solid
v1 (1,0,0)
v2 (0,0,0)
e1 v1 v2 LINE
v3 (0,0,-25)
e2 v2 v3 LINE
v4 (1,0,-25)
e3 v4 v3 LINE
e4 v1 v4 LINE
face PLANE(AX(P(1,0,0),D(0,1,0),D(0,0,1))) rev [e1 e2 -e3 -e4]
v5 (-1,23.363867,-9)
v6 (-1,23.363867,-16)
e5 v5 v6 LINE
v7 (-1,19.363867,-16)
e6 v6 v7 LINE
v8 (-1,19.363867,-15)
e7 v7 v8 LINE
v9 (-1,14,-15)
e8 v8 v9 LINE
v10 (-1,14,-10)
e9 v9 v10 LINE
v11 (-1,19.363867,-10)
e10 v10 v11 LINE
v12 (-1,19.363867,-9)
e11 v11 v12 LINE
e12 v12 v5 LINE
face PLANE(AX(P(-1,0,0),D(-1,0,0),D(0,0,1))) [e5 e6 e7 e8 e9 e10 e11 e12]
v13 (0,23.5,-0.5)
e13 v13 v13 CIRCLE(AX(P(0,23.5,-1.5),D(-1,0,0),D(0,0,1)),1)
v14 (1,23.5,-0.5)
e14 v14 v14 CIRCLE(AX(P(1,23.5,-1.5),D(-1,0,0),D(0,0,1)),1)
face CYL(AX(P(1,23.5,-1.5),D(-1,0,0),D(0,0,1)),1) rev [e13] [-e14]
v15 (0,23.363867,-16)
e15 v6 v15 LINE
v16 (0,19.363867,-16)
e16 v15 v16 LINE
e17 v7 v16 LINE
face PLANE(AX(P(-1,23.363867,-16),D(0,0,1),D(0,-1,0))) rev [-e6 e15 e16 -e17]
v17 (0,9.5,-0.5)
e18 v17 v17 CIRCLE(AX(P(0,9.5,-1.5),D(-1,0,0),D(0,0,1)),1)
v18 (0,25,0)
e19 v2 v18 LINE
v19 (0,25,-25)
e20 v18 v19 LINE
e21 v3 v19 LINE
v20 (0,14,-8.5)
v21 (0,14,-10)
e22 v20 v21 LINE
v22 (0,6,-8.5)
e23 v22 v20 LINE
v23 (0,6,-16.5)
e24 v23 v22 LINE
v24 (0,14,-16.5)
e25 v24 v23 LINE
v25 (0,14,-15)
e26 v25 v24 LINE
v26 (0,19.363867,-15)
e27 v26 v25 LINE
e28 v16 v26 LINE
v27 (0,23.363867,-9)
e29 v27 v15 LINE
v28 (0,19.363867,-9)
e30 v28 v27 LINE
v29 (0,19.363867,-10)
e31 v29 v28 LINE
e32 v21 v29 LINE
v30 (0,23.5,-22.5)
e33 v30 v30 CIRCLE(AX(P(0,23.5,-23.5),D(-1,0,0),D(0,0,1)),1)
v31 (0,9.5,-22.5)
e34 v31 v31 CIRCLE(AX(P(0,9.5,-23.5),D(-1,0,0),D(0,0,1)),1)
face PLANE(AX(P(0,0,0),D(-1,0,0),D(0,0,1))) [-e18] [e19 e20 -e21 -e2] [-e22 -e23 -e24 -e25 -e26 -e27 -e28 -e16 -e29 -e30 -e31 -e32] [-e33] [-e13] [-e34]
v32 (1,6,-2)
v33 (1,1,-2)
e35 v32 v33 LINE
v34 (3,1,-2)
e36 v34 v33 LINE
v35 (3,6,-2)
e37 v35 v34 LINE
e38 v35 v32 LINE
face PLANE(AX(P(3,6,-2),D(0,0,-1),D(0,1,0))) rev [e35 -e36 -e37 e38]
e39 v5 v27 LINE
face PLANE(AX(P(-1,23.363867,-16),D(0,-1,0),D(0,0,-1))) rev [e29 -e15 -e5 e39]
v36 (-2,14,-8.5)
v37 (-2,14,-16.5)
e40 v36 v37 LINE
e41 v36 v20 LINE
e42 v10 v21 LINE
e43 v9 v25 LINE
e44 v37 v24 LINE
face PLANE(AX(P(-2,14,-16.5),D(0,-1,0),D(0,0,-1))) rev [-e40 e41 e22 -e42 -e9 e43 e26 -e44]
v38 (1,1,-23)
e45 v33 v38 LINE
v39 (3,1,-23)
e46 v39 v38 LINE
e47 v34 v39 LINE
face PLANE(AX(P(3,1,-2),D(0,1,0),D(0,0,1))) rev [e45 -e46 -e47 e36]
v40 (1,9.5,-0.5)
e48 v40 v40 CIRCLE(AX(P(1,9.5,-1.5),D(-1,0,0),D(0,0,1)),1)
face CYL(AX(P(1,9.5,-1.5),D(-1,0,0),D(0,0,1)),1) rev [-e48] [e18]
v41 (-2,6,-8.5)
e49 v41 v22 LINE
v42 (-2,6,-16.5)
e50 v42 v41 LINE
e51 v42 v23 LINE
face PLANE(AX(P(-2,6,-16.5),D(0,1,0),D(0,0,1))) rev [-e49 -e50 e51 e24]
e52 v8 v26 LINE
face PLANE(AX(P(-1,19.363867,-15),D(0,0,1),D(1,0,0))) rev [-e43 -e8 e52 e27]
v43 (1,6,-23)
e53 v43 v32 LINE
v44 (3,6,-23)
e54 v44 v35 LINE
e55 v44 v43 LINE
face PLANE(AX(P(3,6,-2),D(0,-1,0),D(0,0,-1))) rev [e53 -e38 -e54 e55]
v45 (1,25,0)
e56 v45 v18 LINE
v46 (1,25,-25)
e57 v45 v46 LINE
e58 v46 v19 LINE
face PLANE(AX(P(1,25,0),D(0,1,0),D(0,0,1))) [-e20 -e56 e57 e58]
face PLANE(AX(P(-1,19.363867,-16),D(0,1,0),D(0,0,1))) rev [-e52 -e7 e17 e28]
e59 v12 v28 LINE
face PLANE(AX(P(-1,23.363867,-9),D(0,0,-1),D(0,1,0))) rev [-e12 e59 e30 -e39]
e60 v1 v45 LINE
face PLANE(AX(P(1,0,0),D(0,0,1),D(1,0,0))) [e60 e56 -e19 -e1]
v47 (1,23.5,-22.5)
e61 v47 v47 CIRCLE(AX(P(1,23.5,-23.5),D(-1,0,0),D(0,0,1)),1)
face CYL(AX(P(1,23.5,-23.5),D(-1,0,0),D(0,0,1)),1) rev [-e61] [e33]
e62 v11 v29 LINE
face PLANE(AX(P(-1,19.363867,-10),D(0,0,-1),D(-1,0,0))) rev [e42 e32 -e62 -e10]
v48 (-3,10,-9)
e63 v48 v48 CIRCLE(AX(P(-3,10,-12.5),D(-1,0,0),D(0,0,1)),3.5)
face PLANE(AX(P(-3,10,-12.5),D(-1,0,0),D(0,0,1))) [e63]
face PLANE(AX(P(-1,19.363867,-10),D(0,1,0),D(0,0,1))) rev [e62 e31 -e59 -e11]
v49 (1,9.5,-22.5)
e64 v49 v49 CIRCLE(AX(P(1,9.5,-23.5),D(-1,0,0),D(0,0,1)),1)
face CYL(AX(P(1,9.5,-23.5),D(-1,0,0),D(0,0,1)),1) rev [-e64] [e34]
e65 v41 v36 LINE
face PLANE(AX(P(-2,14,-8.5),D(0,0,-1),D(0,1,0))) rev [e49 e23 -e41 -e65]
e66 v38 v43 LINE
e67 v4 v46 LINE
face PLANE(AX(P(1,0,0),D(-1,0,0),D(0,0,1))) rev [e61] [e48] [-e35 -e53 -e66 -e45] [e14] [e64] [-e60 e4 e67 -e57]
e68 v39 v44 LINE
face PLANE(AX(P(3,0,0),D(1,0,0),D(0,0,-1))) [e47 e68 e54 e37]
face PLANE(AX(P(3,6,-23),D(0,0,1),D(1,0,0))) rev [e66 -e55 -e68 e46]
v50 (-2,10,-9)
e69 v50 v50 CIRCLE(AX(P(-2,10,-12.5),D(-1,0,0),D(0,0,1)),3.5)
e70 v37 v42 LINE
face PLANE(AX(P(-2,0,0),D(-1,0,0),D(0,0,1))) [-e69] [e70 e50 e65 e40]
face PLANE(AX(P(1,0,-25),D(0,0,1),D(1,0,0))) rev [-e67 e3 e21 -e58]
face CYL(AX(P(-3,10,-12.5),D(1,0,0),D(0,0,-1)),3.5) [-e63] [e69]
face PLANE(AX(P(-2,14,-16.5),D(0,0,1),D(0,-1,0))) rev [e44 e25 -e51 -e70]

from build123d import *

# Parameters (mm, degrees)
SKETCH1_W           = 25
SKETCH1_H           = 25
BOSS_EXTRUDE1_DEPTH = 1
SKETCH2_W           = 21
SKETCH2_H           = 5
BOSS_EXTRUDE2_DEPTH = 2
SKETCH3_W           = 8
SKETCH3_H           = 8
BOSS_EXTRUDE3_DEPTH = 2
SKETCH5_R           = 3.5
BOSS_EXTRUDE4_DEPTH = 1
BOSS_EXTRUDE5_DEPTH = 1
SKETCH7_R           = 1
CUT_EXTRUDE1_DEPTH  = 1


with BuildPart() as part:
    # Sketch1 → Boss-Extrude1 (new body)
    with BuildSketch(Plane(origin=(0, 0, 0), x_dir=(0, 0, -1), z_dir=(1, 0, 0))):
        with Locations((12.5, 12.5)):
            Rectangle(SKETCH1_W, SKETCH1_H)
    extrude(amount=BOSS_EXTRUDE1_DEPTH)

    # Sketch2 → Boss-Extrude2 (add)
    with BuildSketch(Plane(origin=(1, 0, 0), x_dir=(0, 0, -1), z_dir=(1, 0, 0))):
        with Locations((12.5, 3.5)):
            Rectangle(SKETCH2_W, SKETCH2_H)
    extrude(amount=BOSS_EXTRUDE2_DEPTH)

    # Sketch3 → Boss-Extrude3 (add)
    with BuildSketch(Plane.ZY):
        with Locations((-12.5, 10)):
            Rectangle(SKETCH3_W, SKETCH3_H)
    extrude(amount=BOSS_EXTRUDE3_DEPTH)

    # Sketch5 → Boss-Extrude4 (add)
    with BuildSketch(Plane.ZY.offset(2)):
        with Locations((-12.5, 10)):
            Circle(SKETCH5_R)
    extrude(amount=BOSS_EXTRUDE4_DEPTH)

    # Sketch6 → Boss-Extrude5 (add)
    with BuildSketch(Plane.ZY):
        Polygon((-16, 23.363866642), (-9, 23.363866642), (-9, 19.363866642), (-10, 19.363866642), (-10, 14), (-15, 14), (-15, 19.363866642), (-16, 19.363866642), align=None)
    extrude(amount=BOSS_EXTRUDE5_DEPTH)

    # Sketch7 → Cut-Extrude1 (cut)
    with BuildSketch(Plane.ZY):
        with Locations((-23.5, 23.5)):
            Circle(SKETCH7_R)
        with Locations((-1.5, 23.5)):
            Circle(SKETCH7_R)
        with Locations((-1.5, 9.5)):
            Circle(SKETCH7_R)
        with Locations((-23.5, 9.5)):
            Circle(SKETCH7_R)
    extrude(amount=-CUT_EXTRUDE1_DEPTH, mode=Mode.SUBTRACT)


solid = part.part
